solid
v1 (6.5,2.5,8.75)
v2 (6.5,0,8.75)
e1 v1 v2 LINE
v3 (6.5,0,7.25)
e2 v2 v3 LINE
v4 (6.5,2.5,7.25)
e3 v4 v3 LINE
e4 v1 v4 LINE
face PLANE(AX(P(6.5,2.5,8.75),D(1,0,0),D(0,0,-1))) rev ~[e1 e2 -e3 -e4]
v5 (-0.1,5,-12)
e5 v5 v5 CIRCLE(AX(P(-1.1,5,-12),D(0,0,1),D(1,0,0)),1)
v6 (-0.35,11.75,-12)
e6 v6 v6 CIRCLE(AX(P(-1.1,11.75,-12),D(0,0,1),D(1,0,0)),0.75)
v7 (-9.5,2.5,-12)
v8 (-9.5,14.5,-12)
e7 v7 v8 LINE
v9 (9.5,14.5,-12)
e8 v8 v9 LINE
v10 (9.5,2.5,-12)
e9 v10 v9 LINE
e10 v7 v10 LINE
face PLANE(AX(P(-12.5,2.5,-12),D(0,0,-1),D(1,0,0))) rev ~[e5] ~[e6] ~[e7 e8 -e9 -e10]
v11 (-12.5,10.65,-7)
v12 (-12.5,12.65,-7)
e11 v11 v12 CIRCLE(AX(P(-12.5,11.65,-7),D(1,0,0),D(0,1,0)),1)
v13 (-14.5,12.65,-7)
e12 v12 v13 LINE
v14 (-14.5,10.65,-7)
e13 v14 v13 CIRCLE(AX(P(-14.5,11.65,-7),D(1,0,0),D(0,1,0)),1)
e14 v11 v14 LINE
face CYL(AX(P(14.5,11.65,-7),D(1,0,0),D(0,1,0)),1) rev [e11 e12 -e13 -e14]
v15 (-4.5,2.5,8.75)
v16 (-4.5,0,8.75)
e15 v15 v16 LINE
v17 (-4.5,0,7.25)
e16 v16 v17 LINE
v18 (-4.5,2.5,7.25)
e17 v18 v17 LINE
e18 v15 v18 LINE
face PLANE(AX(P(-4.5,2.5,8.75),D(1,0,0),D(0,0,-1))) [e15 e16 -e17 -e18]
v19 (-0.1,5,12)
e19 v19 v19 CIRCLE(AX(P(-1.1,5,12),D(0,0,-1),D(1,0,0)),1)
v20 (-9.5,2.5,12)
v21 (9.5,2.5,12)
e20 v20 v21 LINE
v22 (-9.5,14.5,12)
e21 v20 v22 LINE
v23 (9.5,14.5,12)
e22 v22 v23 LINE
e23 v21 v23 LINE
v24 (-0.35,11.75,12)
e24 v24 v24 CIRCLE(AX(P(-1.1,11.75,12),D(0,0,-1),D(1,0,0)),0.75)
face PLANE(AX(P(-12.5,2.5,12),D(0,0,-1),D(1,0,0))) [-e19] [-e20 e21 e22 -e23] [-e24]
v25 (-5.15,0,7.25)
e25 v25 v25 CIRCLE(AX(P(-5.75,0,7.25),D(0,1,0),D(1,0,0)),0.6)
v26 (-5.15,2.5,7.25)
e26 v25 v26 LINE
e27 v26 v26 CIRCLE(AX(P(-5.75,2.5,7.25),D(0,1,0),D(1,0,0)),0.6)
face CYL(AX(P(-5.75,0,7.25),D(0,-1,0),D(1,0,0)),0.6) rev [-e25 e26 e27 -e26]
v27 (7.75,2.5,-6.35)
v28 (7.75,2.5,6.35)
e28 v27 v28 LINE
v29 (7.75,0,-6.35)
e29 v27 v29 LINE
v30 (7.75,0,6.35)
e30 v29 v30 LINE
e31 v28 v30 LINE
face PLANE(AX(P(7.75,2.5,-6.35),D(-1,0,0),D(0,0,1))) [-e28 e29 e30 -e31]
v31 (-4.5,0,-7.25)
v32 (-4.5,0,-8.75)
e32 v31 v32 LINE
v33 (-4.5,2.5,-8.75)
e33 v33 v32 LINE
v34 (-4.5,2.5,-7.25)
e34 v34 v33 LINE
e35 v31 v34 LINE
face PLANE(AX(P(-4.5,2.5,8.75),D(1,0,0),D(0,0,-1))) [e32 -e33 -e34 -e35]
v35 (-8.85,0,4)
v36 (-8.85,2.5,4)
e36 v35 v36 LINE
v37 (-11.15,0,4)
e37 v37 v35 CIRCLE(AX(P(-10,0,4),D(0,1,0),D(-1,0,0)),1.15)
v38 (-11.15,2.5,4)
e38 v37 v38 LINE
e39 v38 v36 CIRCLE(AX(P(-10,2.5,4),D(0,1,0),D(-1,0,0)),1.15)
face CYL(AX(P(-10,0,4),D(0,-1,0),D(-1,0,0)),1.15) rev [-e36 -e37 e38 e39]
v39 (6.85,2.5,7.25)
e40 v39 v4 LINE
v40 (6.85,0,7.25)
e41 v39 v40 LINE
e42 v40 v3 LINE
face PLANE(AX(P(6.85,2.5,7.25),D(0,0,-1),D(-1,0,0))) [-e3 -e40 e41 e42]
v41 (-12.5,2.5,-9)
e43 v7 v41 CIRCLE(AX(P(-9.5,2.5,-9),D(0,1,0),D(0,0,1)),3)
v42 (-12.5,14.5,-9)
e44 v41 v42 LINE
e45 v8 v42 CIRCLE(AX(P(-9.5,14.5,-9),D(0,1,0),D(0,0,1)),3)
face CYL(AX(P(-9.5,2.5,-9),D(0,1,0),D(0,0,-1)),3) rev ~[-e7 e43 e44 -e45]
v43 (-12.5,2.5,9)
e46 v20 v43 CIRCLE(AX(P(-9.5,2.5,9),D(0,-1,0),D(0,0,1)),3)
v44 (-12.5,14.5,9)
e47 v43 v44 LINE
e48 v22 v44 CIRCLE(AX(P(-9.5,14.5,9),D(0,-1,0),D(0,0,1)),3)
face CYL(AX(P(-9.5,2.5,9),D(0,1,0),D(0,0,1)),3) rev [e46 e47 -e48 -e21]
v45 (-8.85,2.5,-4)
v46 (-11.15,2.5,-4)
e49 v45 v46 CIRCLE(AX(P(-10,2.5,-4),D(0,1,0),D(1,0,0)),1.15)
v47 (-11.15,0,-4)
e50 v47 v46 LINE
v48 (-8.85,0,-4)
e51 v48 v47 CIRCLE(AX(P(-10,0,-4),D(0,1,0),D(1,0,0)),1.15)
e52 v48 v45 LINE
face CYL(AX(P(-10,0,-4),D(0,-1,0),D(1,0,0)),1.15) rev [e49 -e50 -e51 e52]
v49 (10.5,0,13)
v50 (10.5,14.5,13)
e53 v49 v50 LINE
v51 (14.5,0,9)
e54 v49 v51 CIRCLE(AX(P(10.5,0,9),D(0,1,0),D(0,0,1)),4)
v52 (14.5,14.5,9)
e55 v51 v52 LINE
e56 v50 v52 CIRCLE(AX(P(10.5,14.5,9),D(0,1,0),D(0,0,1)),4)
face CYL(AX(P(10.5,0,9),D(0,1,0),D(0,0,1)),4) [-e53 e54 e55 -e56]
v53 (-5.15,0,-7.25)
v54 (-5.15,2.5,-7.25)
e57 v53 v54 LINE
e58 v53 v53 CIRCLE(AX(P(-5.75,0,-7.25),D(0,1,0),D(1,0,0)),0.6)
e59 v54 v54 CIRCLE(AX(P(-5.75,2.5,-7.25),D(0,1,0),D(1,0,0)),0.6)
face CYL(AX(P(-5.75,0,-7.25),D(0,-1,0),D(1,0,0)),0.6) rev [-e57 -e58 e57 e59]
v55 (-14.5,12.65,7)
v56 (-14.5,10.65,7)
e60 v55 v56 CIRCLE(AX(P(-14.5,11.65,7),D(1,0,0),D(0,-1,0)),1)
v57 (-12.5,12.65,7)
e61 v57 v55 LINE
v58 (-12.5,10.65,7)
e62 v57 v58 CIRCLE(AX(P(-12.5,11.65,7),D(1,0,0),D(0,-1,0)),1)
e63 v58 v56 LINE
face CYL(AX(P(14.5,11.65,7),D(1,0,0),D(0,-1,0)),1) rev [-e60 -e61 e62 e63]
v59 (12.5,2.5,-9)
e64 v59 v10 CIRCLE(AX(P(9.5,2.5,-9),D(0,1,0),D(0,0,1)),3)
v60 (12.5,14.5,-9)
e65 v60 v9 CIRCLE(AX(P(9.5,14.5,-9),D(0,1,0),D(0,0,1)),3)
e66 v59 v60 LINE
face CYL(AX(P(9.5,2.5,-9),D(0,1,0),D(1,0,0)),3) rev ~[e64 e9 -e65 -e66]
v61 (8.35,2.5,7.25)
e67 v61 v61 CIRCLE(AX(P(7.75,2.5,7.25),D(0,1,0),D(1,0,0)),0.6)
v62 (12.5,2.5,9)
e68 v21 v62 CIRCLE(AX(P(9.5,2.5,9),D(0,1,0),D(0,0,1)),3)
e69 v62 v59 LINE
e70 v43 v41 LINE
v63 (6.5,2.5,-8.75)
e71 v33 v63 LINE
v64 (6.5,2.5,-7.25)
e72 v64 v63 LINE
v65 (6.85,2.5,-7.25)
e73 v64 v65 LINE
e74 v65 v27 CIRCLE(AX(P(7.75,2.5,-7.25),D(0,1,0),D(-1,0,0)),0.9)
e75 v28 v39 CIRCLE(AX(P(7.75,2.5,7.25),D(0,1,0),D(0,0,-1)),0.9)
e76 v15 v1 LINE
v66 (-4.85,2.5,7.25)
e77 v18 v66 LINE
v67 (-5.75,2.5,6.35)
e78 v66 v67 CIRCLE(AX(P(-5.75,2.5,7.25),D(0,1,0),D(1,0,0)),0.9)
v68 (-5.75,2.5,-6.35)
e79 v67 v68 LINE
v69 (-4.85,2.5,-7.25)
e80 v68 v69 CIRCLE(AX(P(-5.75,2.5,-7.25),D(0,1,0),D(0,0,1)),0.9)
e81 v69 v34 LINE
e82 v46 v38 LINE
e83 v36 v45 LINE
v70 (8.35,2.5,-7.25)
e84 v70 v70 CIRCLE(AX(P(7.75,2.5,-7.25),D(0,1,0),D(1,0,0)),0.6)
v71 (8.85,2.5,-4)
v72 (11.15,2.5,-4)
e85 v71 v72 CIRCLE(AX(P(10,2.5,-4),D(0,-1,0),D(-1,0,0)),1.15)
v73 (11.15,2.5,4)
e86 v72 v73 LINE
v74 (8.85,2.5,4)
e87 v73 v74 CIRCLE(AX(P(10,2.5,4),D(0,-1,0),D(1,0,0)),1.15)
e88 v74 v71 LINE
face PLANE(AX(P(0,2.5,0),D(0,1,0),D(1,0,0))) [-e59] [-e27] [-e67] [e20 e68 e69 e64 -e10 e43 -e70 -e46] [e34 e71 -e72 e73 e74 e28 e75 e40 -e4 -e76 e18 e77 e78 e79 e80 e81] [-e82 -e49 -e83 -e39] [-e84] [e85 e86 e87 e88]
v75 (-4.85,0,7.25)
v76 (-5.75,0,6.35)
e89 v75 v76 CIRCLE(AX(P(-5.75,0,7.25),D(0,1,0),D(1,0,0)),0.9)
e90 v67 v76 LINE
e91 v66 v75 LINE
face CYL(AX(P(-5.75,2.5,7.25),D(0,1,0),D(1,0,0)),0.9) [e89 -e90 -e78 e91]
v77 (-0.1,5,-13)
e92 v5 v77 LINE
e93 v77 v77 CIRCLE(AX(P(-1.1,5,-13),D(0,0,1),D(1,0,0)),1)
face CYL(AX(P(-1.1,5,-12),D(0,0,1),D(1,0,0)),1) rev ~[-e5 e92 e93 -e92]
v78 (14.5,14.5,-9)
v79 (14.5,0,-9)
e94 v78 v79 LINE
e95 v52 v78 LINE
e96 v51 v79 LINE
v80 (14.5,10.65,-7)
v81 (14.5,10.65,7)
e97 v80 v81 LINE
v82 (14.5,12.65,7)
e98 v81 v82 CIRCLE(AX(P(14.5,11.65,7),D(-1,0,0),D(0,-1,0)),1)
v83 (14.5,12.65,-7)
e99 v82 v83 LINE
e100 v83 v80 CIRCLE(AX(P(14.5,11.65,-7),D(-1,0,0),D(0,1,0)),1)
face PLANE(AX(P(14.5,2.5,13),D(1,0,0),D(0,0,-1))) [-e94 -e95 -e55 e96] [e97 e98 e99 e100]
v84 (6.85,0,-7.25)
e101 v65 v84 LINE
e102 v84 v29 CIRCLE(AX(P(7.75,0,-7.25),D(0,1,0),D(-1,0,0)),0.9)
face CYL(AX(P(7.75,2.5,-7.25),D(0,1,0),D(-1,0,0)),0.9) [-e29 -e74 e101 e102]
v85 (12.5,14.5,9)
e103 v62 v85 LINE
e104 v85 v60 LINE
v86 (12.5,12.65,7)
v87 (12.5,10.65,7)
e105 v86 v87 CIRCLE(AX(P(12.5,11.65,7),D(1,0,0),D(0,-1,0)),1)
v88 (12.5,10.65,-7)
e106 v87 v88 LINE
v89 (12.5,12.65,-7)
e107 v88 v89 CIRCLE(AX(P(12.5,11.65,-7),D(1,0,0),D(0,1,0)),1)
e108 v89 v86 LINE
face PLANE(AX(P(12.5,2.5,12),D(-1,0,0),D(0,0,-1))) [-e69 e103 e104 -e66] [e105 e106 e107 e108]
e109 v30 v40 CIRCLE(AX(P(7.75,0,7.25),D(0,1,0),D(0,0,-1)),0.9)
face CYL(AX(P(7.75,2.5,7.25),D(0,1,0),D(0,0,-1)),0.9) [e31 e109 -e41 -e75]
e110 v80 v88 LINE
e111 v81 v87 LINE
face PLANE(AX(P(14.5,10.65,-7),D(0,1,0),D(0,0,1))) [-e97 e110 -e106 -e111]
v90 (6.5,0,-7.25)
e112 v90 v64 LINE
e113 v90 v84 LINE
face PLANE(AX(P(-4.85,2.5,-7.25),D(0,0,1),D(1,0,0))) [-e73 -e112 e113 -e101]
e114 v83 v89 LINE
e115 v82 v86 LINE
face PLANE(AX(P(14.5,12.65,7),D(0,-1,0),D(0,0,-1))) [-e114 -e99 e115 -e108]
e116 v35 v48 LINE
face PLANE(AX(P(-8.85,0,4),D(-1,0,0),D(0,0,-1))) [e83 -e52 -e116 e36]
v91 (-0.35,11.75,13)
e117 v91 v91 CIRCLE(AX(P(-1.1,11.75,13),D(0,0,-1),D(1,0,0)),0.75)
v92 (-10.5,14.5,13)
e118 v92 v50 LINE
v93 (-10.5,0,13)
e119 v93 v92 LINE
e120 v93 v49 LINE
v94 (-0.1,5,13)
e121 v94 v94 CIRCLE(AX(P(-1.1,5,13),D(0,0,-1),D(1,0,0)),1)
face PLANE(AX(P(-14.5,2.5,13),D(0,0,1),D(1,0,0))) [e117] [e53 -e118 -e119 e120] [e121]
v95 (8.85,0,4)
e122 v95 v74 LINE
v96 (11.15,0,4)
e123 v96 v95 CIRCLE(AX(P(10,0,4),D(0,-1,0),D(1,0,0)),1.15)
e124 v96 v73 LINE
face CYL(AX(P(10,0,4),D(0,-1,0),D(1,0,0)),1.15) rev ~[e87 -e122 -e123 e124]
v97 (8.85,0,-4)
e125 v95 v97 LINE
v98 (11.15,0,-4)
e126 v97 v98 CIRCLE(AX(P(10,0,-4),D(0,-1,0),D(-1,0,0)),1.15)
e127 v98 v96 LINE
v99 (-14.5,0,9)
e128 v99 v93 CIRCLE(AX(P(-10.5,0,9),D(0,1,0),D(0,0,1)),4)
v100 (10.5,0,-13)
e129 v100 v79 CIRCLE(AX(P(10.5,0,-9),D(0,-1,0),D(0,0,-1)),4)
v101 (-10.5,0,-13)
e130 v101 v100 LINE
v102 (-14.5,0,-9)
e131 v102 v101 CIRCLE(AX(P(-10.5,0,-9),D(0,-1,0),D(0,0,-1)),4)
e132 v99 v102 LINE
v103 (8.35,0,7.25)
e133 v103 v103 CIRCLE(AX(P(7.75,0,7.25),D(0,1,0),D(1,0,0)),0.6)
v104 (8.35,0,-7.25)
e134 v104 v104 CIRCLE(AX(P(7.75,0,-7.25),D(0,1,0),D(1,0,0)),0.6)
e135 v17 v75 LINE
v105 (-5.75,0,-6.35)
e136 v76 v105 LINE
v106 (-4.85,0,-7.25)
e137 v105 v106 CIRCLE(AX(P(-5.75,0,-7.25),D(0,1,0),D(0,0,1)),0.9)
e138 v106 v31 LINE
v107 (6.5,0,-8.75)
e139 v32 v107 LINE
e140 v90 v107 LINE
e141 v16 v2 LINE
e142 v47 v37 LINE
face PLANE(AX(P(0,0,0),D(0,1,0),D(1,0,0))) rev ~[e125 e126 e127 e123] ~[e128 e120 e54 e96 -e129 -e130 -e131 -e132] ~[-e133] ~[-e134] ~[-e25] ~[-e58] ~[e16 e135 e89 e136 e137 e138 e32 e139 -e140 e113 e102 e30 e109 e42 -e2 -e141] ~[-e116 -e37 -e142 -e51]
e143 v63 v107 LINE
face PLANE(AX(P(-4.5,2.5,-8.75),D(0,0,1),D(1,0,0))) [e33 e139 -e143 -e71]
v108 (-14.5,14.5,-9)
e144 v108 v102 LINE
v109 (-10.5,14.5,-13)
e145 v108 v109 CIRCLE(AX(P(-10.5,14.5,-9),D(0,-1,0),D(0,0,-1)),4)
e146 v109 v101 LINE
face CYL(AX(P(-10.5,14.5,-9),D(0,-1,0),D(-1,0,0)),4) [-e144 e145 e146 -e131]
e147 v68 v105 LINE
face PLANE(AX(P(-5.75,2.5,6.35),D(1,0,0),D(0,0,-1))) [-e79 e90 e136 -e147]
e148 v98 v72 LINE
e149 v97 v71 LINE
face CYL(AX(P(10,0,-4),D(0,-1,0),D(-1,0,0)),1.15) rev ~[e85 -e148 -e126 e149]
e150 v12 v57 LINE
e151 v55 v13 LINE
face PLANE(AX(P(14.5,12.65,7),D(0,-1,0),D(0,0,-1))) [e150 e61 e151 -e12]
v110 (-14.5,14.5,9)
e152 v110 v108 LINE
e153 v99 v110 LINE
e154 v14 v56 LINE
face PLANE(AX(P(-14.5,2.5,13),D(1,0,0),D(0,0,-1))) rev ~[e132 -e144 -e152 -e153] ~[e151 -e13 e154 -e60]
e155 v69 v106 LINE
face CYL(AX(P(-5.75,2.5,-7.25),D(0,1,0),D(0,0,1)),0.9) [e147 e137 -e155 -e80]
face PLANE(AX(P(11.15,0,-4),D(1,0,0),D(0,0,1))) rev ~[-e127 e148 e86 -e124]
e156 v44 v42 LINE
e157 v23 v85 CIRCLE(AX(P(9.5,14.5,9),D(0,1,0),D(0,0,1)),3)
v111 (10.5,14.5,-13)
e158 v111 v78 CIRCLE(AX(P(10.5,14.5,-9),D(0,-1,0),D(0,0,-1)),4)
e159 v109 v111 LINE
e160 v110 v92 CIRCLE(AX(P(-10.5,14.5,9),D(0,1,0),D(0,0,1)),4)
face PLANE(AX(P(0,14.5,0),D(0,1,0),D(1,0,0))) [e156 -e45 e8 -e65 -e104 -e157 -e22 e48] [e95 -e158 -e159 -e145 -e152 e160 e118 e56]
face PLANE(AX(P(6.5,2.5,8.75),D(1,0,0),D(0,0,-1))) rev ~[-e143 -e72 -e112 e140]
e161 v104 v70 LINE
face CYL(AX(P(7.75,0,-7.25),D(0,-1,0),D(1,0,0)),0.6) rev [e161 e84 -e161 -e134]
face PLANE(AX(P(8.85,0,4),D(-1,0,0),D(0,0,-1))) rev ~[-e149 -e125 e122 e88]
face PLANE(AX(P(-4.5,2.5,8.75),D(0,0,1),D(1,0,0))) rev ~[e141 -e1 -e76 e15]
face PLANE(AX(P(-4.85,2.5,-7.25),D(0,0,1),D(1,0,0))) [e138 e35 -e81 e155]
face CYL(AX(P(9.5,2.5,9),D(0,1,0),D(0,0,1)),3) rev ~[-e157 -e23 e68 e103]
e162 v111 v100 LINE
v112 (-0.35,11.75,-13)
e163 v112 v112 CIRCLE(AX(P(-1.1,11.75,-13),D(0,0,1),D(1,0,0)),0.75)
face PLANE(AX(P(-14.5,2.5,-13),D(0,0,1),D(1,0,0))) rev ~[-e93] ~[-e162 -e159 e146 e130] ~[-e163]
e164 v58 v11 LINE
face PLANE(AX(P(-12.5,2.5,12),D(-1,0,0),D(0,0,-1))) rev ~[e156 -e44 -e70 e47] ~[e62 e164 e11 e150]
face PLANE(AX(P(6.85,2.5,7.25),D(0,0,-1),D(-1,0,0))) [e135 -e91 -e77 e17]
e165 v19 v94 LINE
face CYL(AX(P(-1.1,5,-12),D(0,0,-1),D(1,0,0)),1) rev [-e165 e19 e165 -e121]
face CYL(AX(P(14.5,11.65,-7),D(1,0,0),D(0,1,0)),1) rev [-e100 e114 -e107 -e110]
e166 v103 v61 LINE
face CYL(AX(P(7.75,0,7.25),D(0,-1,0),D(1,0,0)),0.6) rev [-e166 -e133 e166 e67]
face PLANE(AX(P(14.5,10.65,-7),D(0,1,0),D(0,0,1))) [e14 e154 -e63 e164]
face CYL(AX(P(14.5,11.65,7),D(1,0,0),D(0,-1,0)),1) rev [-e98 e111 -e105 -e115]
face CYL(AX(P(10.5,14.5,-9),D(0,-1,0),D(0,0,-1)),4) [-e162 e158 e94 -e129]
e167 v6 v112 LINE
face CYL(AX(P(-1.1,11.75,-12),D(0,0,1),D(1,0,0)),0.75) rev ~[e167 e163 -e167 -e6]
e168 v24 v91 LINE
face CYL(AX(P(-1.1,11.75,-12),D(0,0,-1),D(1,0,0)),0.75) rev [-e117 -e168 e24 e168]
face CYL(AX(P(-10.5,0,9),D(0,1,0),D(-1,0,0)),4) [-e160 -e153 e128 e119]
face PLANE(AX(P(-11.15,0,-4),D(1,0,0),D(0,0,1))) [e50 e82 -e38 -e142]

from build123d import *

# Parameters (mm, degrees)
SKETCH1_W                = 25
SKETCH1_H                = 24
SKETCH1_R                = 0.6
BOSS_EXTRUDE1_DEPTH      = 2.5
CUT_EXTRUDE1_DEPTH       = 3.5
SKETCH8_W                = 11
SKETCH8_H                = 17.5
CUT_EXTRUDE4_DEPTH       = 3.5
SKETCH2_W                = 29
SKETCH2_H                = 26
SKETCH2_W_2              = 25
SKETCH2_H_2              = 24
BOSS_EXTRUDE2_DEPTH      = 12
BOSS_EXTRUDE2_DEPTH_BACK = 2.5
SKETCH5_R                = 0.75
SKETCH5_R_2              = 1
CUT_EXTRUDE2_DEPTH       = 26
CUT_EXTRUDE2_DEPTH_BACK  = 2
FILLET1_R                = 3
FILLET2_R                = 4
CUT_EXTRUDE5_DEPTH       = 30


with BuildPart() as part:
    # Sketch1 → Boss-Extrude1 (new body)
    with BuildSketch(Plane(origin=(0, 0, 0), x_dir=(1, 0, 0), z_dir=(0, 1, 0))):
        Rectangle(SKETCH1_W, SKETCH1_H)
        with Locations((7.75, 7.25)):
            Circle(SKETCH1_R, mode=Mode.SUBTRACT)
        with Locations((7.75, -7.25)):
            Circle(SKETCH1_R, mode=Mode.SUBTRACT)
        with Locations((-5.75, -7.25)):
            Circle(SKETCH1_R, mode=Mode.SUBTRACT)
        with Locations((-5.75, 7.25)):
            Circle(SKETCH1_R, mode=Mode.SUBTRACT)
        with BuildLine():
            Line((8.85, -4), (8.85, 4))
            ThreePointArc((8.85, 4), (10, 5.15), (11.15, 4))
            Line((11.15, 4), (11.15, -4))
            ThreePointArc((11.15, -4), (10, -5.15), (8.85, -4))
        make_face(mode=Mode.SUBTRACT)
        with BuildLine():
            Line((-8.85, -4), (-8.85, 4))
            ThreePointArc((-8.85, 4), (-10, 5.15), (-11.15, 4))
            Line((-11.15, 4), (-11.15, -4))
            ThreePointArc((-11.15, -4), (-10, -5.15), (-8.85, -4))
        make_face(mode=Mode.SUBTRACT)
    extrude(amount=BOSS_EXTRUDE1_DEPTH)

    # Sketch3 → Cut-Extrude1 (cut, through all)
    with BuildSketch(Plane(origin=(0, 2.5, 0), x_dir=(1, 0, 0), z_dir=(0, 1, 0))):
        with BuildLine():
            Line((-4.85, 7.25), (6.85, 7.25))
            ThreePointArc((6.85, 7.25), (7.113603897, 6.613603897), (7.75, 6.35))
            Line((7.75, 6.35), (7.75, -6.35))
            ThreePointArc((7.75, -6.35), (7.113603897, -6.613603897), (6.85, -7.25))
            Line((6.85, -7.25), (-4.85, -7.25))
            ThreePointArc((-4.85, -7.25), (-5.113603897, -6.613603897), (-5.75, -6.35))
            Line((-5.75, -6.35), (-5.75, 6.35))
            ThreePointArc((-5.75, 6.35), (-5.113603897, 6.613603897), (-4.85, 7.25))
        make_face()
    extrude(amount=-CUT_EXTRUDE1_DEPTH, mode=Mode.SUBTRACT)

    # Sketch8 → Cut-Extrude4 (cut, through all)
    with BuildSketch(Plane(origin=(0, 2.5, 0), x_dir=(1, 0, 0), z_dir=(0, 1, 0))):
        with Locations((1, 0)):
            Rectangle(SKETCH8_W, SKETCH8_H)
    extrude(amount=-CUT_EXTRUDE4_DEPTH, mode=Mode.SUBTRACT)

    # Sketch2 → Boss-Extrude2 (add, two sides)
    with BuildSketch(Plane(origin=(0, 2.5, 0), x_dir=(1, 0, 0), z_dir=(0, 1, 0))) as boss_extrude2_sk:
        Rectangle(SKETCH2_W, SKETCH2_H)
        Rectangle(SKETCH2_W_2, SKETCH2_H_2, mode=Mode.SUBTRACT)
    extrude(amount=BOSS_EXTRUDE2_DEPTH)
    extrude(boss_extrude2_sk.sketch, amount=-BOSS_EXTRUDE2_DEPTH_BACK)

    # Sketch5 → Cut-Extrude2 (cut, two sides)
    with BuildSketch(Plane.XY.offset(-12)) as cut_extrude2_sk:
        with Locations((-1.1, 11.75)):
            Circle(SKETCH5_R)
        with Locations((-1.1, 5)):
            Circle(SKETCH5_R_2)
    extrude(amount=CUT_EXTRUDE2_DEPTH, mode=Mode.SUBTRACT)
    extrude(cut_extrude2_sk.sketch, amount=-CUT_EXTRUDE2_DEPTH_BACK, mode=Mode.SUBTRACT)

    # Fillet1
    fillet1_edges = [part.edges().sort_by_distance(p)[0] for p in [
        (12.5, 8.5, 12),
        (-12.5, 8.5, -12),
        (12.5, 8.5, -12),
        (-12.5, 8.5, 12),
    ]]
    fillet(fillet1_edges, radius=FILLET1_R)

    # Fillet2
    fillet2_edges = [part.edges().sort_by_distance(p)[0] for p in [
        (-14.5, 7.25, 13),
        (14.5, 7.25, 13),
        (14.5, 7.25, -13),
        (-14.5, 7.25, -13),
    ]]
    fillet(fillet2_edges, radius=FILLET2_R)

    # Sketch9 → Cut-Extrude5 (cut, through all)
    with BuildSketch(Plane(origin=(14.5, 0, 0), x_dir=(0, 0, -1), z_dir=(1, 0, 0))):
        with BuildLine():
            Line((-7, 12.65), (7, 12.65))
            ThreePointArc((7, 12.65), (8, 11.65), (7, 10.65))
            Line((7, 10.65), (-7, 10.65))
            ThreePointArc((-7, 10.65), (-8, 11.65), (-7, 12.65))
        make_face()
    extrude(amount=-CUT_EXTRUDE5_DEPTH, mode=Mode.SUBTRACT)


solid = part.part
